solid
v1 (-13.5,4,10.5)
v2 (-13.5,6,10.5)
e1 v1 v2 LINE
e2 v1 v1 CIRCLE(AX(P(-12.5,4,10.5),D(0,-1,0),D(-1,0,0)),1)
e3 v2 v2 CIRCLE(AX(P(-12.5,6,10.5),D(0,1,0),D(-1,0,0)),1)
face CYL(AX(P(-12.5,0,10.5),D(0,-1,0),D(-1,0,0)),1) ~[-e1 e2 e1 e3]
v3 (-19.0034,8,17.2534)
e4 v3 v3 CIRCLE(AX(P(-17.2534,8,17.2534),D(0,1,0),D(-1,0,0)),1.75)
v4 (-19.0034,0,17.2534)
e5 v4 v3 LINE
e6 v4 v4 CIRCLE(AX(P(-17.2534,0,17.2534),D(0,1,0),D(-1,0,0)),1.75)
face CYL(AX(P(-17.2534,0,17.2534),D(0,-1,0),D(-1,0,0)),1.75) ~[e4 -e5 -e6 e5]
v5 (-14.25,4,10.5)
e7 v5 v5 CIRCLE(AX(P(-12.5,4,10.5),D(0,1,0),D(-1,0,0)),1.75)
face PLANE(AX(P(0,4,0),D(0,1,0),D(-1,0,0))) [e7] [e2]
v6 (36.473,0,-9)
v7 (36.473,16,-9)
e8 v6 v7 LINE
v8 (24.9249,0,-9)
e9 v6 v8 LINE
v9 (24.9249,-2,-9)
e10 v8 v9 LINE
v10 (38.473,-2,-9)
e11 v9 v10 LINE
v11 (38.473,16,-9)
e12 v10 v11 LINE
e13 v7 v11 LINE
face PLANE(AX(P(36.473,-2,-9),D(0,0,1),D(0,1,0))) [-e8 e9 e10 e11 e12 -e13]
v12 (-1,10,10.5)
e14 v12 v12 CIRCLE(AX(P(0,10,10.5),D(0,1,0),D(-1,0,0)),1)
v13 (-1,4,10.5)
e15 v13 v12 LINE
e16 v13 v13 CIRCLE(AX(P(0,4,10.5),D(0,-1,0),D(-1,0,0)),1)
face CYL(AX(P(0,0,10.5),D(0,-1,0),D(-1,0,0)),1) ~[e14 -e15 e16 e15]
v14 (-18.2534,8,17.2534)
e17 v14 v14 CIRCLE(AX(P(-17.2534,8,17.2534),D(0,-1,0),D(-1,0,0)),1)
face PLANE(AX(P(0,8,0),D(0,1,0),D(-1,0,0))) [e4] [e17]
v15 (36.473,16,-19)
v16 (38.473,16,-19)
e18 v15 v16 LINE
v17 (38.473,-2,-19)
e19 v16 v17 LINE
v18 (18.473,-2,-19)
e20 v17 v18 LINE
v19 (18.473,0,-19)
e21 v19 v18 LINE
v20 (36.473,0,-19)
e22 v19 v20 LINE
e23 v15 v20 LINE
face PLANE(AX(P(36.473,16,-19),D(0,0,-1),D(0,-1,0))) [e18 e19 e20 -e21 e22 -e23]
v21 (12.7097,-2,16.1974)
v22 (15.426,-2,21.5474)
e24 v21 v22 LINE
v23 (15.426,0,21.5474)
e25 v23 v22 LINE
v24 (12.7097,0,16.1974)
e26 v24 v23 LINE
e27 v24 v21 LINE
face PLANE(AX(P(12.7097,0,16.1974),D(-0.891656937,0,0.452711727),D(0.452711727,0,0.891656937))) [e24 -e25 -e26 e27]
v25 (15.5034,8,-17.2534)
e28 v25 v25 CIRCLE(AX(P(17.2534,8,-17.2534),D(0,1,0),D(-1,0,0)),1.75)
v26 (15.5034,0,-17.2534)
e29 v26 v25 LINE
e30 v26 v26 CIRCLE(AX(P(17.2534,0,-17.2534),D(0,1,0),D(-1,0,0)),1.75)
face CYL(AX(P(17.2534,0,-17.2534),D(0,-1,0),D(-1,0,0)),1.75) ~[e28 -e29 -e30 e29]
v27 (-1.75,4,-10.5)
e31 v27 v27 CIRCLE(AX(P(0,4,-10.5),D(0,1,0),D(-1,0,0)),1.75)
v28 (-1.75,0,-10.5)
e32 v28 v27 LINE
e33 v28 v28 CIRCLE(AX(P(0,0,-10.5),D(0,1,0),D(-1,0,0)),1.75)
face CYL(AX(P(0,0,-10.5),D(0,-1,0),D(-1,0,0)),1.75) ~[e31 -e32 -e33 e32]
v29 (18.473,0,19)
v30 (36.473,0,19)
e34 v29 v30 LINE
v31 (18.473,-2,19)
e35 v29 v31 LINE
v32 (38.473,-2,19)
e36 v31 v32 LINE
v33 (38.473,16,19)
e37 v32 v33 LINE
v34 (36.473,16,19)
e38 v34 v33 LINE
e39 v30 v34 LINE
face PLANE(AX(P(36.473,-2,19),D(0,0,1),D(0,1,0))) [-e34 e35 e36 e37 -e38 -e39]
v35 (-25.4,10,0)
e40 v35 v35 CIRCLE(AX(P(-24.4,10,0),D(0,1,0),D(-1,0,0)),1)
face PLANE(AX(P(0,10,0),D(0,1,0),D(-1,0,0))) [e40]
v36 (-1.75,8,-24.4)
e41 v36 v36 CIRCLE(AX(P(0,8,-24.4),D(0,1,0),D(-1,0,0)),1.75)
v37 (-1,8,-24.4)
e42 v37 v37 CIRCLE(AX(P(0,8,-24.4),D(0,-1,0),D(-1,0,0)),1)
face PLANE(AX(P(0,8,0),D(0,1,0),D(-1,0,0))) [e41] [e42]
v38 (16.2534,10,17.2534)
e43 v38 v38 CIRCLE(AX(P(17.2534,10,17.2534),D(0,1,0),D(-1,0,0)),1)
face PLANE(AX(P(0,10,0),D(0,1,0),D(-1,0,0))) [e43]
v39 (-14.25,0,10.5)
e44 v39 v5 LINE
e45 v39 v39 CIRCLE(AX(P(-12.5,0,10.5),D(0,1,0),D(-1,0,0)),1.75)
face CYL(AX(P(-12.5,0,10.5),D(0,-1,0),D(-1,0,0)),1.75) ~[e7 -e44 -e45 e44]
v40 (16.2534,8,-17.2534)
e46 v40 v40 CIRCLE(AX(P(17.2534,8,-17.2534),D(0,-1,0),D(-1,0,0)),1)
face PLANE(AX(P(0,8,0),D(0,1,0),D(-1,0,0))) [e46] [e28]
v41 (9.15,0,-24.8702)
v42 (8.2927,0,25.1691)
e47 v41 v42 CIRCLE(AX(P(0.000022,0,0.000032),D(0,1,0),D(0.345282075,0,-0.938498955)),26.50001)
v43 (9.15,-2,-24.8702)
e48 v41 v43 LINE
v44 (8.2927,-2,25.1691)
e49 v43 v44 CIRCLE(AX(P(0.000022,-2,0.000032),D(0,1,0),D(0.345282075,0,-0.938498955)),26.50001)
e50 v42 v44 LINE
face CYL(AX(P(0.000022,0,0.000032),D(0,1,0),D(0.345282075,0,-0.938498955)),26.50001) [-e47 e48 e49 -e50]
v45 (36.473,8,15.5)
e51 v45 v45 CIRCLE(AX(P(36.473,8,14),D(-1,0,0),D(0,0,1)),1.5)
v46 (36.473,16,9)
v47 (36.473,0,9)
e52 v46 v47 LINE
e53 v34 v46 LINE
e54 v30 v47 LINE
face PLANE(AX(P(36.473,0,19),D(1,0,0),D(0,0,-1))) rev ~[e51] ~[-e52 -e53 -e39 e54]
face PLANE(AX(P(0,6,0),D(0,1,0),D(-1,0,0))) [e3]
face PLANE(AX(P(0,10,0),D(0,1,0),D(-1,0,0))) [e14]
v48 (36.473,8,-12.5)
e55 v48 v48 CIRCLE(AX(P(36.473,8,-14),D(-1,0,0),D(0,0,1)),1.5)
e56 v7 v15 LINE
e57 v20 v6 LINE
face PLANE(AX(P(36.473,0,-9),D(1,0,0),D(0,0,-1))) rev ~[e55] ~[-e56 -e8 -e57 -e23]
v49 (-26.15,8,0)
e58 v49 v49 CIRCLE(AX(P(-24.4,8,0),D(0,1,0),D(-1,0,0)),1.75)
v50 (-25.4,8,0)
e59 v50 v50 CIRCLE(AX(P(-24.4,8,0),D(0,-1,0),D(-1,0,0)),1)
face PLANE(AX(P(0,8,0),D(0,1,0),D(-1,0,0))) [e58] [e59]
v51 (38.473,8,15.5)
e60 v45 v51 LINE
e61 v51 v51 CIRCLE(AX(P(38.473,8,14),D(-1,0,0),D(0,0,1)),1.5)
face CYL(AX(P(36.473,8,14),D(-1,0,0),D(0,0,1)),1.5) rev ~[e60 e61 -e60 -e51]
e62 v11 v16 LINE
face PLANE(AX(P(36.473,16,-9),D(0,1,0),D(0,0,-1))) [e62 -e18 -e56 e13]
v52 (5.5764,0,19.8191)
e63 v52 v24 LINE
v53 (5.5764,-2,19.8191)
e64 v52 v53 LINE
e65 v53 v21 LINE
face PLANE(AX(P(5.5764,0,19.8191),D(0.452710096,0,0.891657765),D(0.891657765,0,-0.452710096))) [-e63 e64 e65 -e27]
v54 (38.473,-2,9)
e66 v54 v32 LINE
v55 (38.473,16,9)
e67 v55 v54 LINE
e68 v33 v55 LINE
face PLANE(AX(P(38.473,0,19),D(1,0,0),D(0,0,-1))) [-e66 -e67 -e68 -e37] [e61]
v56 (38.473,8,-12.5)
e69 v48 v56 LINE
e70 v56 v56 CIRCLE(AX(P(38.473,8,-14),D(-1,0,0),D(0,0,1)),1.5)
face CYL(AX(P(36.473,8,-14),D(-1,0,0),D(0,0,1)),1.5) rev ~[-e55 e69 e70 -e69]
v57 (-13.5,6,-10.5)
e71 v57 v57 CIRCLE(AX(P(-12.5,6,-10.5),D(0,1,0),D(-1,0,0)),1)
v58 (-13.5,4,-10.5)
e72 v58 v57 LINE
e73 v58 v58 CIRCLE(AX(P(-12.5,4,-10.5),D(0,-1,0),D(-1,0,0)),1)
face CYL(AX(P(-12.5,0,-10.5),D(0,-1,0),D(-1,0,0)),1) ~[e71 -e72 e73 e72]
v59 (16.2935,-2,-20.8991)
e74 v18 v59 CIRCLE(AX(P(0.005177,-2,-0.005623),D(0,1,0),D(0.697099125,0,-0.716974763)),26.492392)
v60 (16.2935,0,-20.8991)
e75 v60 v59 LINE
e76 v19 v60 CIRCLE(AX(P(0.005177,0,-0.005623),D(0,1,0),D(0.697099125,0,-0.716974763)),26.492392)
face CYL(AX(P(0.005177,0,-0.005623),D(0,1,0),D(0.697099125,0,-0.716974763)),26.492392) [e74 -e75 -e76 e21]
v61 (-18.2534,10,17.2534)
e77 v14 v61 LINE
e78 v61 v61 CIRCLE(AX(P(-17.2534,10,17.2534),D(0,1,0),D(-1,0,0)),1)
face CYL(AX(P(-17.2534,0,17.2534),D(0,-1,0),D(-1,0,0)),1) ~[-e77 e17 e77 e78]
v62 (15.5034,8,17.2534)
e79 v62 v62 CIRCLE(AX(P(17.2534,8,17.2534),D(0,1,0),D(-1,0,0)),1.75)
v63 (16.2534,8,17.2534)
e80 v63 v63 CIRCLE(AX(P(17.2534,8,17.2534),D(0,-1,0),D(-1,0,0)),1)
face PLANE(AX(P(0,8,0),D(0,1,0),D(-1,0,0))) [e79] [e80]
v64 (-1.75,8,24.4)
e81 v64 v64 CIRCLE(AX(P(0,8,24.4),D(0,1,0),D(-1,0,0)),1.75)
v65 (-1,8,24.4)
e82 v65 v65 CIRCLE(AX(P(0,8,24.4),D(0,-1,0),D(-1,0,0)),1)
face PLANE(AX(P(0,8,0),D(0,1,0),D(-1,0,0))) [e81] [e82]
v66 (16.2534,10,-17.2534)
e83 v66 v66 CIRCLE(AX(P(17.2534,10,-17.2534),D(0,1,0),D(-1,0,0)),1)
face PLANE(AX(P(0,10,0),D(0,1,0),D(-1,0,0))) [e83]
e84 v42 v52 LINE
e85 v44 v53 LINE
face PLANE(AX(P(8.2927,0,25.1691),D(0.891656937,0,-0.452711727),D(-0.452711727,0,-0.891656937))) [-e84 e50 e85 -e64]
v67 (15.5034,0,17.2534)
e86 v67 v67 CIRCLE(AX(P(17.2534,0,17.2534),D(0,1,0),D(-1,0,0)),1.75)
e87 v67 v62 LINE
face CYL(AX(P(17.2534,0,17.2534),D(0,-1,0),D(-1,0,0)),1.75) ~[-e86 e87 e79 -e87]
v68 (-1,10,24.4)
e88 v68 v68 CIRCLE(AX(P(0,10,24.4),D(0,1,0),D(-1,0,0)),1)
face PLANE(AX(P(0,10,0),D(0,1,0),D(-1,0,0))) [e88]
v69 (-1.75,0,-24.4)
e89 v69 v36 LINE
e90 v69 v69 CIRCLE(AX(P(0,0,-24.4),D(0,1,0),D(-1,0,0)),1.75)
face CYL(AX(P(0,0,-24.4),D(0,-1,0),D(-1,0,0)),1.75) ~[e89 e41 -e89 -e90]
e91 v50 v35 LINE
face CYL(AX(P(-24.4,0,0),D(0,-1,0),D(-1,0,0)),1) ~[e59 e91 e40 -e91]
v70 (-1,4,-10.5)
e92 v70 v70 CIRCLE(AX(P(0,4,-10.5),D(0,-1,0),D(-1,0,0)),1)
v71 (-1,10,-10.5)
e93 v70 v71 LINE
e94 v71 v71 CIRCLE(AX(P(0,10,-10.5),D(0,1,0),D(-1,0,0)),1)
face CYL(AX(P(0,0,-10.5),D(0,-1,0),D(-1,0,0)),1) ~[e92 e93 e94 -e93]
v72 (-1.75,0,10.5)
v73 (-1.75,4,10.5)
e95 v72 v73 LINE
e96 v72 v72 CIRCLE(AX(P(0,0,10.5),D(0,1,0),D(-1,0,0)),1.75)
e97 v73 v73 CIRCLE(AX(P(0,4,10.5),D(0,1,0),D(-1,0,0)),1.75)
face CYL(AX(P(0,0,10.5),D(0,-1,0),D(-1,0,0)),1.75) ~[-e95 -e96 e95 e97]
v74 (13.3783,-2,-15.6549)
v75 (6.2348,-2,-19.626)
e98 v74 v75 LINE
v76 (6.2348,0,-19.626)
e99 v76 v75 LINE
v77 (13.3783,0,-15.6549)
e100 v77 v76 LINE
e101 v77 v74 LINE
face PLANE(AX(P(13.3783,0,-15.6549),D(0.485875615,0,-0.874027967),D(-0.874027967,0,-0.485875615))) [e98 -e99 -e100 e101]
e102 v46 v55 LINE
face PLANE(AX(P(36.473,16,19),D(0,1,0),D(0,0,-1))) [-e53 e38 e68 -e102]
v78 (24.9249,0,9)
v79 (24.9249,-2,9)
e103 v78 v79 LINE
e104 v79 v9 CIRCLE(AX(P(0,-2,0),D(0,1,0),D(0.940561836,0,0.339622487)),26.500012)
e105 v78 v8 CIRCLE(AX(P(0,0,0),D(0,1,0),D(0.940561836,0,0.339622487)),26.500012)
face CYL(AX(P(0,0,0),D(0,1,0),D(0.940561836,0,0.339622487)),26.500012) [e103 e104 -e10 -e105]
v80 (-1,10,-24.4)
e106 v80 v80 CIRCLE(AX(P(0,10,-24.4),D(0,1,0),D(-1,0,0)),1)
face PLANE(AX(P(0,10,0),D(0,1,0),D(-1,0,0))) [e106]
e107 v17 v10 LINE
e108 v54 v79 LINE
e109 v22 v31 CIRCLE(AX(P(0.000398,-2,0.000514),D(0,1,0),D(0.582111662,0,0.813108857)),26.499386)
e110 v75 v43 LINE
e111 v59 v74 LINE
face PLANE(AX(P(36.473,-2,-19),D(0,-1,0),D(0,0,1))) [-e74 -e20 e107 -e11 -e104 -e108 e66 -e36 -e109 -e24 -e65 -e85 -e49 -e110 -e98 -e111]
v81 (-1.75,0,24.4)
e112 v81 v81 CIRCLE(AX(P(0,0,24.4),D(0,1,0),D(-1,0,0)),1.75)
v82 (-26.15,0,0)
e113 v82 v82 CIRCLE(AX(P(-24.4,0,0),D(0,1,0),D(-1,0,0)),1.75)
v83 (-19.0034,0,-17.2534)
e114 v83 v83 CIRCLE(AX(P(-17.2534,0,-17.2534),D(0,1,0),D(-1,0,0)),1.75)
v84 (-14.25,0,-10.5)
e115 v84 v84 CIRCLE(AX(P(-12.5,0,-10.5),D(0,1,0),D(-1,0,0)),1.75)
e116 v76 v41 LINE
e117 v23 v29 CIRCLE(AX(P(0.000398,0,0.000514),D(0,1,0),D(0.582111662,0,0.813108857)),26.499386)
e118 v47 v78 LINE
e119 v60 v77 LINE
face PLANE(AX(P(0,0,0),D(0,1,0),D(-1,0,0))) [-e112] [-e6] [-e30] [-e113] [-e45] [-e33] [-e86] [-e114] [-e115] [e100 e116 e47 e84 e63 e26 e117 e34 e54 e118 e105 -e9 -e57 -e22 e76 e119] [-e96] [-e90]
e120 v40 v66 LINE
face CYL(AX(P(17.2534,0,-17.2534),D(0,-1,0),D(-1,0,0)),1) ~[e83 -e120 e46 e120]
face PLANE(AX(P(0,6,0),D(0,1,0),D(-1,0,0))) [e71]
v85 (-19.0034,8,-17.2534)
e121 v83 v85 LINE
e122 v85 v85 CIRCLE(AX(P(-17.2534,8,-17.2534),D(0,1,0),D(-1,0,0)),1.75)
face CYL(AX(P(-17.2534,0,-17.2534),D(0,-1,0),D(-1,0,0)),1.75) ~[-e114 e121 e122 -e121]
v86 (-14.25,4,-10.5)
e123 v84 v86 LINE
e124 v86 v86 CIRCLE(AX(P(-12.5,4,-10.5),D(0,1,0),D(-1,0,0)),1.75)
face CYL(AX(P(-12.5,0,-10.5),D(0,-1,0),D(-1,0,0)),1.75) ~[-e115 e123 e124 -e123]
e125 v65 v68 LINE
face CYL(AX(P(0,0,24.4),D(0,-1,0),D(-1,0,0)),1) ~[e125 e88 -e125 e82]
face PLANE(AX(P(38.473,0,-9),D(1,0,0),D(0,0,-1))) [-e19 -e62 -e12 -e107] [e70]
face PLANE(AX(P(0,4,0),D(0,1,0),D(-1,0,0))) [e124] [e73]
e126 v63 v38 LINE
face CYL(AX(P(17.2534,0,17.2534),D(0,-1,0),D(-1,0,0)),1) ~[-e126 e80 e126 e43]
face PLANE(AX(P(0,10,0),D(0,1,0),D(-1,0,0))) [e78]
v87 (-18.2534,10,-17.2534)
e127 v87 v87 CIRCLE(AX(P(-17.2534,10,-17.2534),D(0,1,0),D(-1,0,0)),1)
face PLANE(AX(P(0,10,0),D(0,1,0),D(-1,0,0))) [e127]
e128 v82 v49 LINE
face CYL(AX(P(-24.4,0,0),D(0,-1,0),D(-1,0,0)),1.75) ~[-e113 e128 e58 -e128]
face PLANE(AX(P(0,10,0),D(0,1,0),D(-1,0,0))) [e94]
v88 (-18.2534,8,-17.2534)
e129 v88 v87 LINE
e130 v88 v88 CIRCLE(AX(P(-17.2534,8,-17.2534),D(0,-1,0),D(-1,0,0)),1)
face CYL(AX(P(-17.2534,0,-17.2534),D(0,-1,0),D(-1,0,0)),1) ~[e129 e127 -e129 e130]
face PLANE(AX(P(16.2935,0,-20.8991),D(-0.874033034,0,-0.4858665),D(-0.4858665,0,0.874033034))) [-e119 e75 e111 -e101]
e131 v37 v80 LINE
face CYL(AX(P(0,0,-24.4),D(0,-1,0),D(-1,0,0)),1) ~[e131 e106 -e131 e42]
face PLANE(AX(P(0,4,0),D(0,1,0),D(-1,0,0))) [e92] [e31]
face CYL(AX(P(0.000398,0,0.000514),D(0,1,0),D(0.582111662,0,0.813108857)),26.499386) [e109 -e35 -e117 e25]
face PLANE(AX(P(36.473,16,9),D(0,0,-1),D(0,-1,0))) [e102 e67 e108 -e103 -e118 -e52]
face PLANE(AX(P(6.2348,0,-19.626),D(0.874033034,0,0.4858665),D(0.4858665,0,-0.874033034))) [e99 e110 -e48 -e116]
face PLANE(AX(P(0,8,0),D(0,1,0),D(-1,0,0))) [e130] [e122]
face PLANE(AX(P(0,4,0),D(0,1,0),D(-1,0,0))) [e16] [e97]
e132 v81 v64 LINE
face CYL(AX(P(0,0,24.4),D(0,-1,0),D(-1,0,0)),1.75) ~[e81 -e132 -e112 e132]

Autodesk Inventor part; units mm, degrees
ref_plane "YZ Plane" through (0, 0, 0) normal (1, 0, 0) x (0, 1, 0)
ref_plane "XZ Plane" through (0, 0, 0) normal (0, 1, 0) x (-1, 0, 0)
ref_plane "XY Plane" through (0, 0, 0) normal (0, 0, 1) x (1, 0, 0)
sketch "Teller" plane through (0, 0, 0) normal (0, 1, 0) x (-1, 0, 0)
  line L0 (-16.2935, -20.8991) -> (-13.3783, -15.6549)
  line L1 (-13.3783, -15.6549) -> (-6.2348, -19.626)
  line L2 (-6.2348, -19.626) -> (-9.15, -24.8702)
  line L3 (-8.2927, 25.1691) -> (-5.5764, 19.8191)
  line L4 (-5.5764, 19.8191) -> (-12.7097, 16.1974)
  line L5 (-12.7097, 16.1974) -> (-15.426, 21.5474)
  arc A0 (-9.15, -24.8702) -> (-8.2927, 25.1691) centre (0, 0) ccw
  line L6 (33, 0) -> (-43, 0) construction
  line L7 (-25, -9) -> (-53, -9) construction
  line L8 (-53, -9) -> (-53, 9) construction
  line L9 (-53, 9) -> (-25, 9) construction
  line L10 (-25, 9) -> (-25, -9) construction
  line L11 (-25, -9) -> (-53, 9) construction
  line L12 (-53, -9) -> (-25, 9) construction
  line L13 (-36.473, -9) -> (-24.9249, -9)
  line L14 (-18.473, -19) -> (-36.473, -19)
  line L15 (-36.473, -19) -> (-36.473, -9)
  line L16 (-36.473, 9) -> (-24.9249, 9)
  line L17 (-18.473, 19) -> (-36.473, 19)
  line L18 (-36.473, 19) -> (-36.473, 9)
  arc A1 (-15.426, 21.5474) -> (-18.473, 19) centre (0, 0) ccw
  arc A2 (-24.9249, 9) -> (-24.9249, -9) centre (0, 0) ccw
  arc A3 (-18.473, -19) -> (-16.2935, -20.8991) centre (0, 0) ccw
  point P0 (-39, 0)
  dimension "d55" = 6
  dimension "d118" = 6
  dimension "d119" = 6
  dimension "d123" = 18
sketch "Dicke Stifte Außen" plane through (0, 0, 0) normal (0, 1, 0) x (-1, 0, 0)
  line L0 (-29.5209, 0) -> (35.6564, 0) construction
  line L1 (0, -38.3382) -> (0, 35) construction
  circle A0 centre (0, -24.4) radius 1.75
  circle A1 centre (0, 0) radius 26.5 construction
  circle A2 centre (17.2534, -17.2534) radius 1.75
  circle A3 centre (24.4, 0) radius 1.75
  circle A4 centre (17.2534, 17.2534) radius 1.75
  circle A5 centre (0, 24.4) radius 1.75
  circle A6 centre (-17.2534, 17.2534) radius 1.75
  circle A7 centre (-24.4, 0) radius 1.75
  circle A8 centre (-17.2534, -17.2534) radius 1.75
  dimension "d83" = 3.5
  dimension "d84" = 53
  dimension "d87" = 360
sketch "Dünne Stifte Außen" plane through (0, 0, 0) normal (0, 1, 0) x (-1, 0, 0)
  circle A0 centre (0, -24.4) radius 1
  circle A1 centre (0, 0) radius 26.5 construction
  circle A2 centre (0, 0) radius 26.5 construction
  circle A3 centre (17.2534, -17.2534) radius 1
  circle A4 centre (24.4, 0) radius 1
  circle A5 centre (17.2534, 17.2534) radius 1
  circle A6 centre (0, 24.4) radius 1
  circle A7 centre (-17.2534, 17.2534) radius 1
  circle A8 centre (-24.4, 0) radius 1
  circle A9 centre (-17.2534, -17.2534) radius 1
  dimension "d90" = 2
  dimension "d91" = 53
  dimension "d92" = 53
  dimension "d95" = 360
sketch "Dicke Stifte Vorn" plane through (0, 0, 0) normal (0, 1, 0) x (-1, 0, 0)
  circle A0 centre (0, 10.5) radius 1.75
  line L0 (-29.5209, 0) -> (35.6564, 0) construction
  circle A1 centre (0, -10.5) radius 1.75
  point P0 (0, 0)
  dimension "d97" = 3.5
sketch "Dicke Stifte Hinten" plane through (0, 0, 0) normal (0, 1, 0) x (-1, 0, 0)
  circle A0 centre (12.5, -10.5) radius 1.75
  line L0 (-29.5209, 0) -> (35.6564, 0) construction
  circle A1 centre (12.5, 10.5) radius 1.75
  point P0 (0, 0)
  dimension "d99" = 3.5
sketch "Dünne Stifte Vorn" plane through (0, 0, 0) normal (0, 1, 0) x (-1, 0, 0)
  circle A0 centre (0, 10.5) radius 1
  line L0 (-29.5209, 0) -> (35.6564, 0) construction
  circle A1 centre (0, -10.5) radius 1
  point P0 (0, 0)
  dimension "d100" = 2
sketch "Dünne Stifte Hinten" plane through (0, 0, 0) normal (0, 1, 0) x (-1, 0, 0)
  circle A0 centre (12.5, -10.5) radius 1
  line L0 (-29.5209, 0) -> (35.6564, 0) construction
  circle A1 centre (12.5, 10.5) radius 1
  point P0 (0, 0)
  dimension "d101" = 2
extrude "Extrusion13" add sketch "Dicke Stifte Außen" along normal blind 8 contours A0 | A2 | A3 | A4 | A5 | A6 | A8
extrude "Extrusion14" add sketch "Dicke Stifte Vorn" along normal blind 4
extrude "Extrusion15" add sketch "Dicke Stifte Hinten" along normal blind 4
extrude "Extrusion16" add sketch "Dünne Stifte Außen" along normal blind 10 contours A0 | A3 | A4 | A5 | A6 | A7 | A9
extrude "Extrusion17" add sketch "Dünne Stifte Vorn" along normal blind 10
extrude "Extrusion18" add sketch "Dünne Stifte Hinten" along normal blind 6
extrude "Extrusion19" add sketch "Teller" against normal blind 2
sketch "Skizze18" plane through (36.473, 0, 19) normal (1, 0, 0) x (0, 0, -1)
  line L0 (0, 16) -> (10, 16)
  line L1 (10, 16) -> (10, -2)
  line L2 (10, -2) -> (0, -2)
  line L3 (0, -2) -> (0, 16)
  line L4 (0, 16) -> (10, -2) construction
  line L5 (10, 16) -> (0, -2) construction
  point P0 (19, 0)
  point P1 (5, 7)
extrude "Extrusion21" add sketch "Skizze18" along normal blind 2
sketch "Skizze19" plane through (36.473, 0, -9) normal (1, 0, 0) x (0, 0, -1)
  line L0 (0, 16) -> (10, 16)
  line L1 (10, 16) -> (10, -2)
  line L2 (10, -2) -> (0, -2)
  line L3 (0, -2) -> (0, 16)
  line L4 (0, 16) -> (10, -2) construction
  line L5 (10, 16) -> (0, -2) construction
  point P0 (-9, 0)
  point P1 (5, 7)
extrude "Extrusion22" add sketch "Skizze19" along normal blind 2
sketch "Skizze20" plane through (36.473, 0, 19) normal (-1, 0, 0) x (0, 0, 1)
  circle A0 centre (-5, 8) radius 1.5
  point P0 (-19, 0)
  dimension "d135" = 3
extrude "Extrusion23" cut sketch "Skizze20" against normal blind 2
sketch "Skizze21" plane through (36.473, 0, -9) normal (-1, 0, 0) x (0, 0, 1)
  circle A0 centre (-5, 8) radius 1.5
  point P0 (9, 0)
  dimension "d138" = 3
extrude "Extrusion24" cut sketch "Skizze21" against normal blind 2
properties part number "Pi Cam Holder"
